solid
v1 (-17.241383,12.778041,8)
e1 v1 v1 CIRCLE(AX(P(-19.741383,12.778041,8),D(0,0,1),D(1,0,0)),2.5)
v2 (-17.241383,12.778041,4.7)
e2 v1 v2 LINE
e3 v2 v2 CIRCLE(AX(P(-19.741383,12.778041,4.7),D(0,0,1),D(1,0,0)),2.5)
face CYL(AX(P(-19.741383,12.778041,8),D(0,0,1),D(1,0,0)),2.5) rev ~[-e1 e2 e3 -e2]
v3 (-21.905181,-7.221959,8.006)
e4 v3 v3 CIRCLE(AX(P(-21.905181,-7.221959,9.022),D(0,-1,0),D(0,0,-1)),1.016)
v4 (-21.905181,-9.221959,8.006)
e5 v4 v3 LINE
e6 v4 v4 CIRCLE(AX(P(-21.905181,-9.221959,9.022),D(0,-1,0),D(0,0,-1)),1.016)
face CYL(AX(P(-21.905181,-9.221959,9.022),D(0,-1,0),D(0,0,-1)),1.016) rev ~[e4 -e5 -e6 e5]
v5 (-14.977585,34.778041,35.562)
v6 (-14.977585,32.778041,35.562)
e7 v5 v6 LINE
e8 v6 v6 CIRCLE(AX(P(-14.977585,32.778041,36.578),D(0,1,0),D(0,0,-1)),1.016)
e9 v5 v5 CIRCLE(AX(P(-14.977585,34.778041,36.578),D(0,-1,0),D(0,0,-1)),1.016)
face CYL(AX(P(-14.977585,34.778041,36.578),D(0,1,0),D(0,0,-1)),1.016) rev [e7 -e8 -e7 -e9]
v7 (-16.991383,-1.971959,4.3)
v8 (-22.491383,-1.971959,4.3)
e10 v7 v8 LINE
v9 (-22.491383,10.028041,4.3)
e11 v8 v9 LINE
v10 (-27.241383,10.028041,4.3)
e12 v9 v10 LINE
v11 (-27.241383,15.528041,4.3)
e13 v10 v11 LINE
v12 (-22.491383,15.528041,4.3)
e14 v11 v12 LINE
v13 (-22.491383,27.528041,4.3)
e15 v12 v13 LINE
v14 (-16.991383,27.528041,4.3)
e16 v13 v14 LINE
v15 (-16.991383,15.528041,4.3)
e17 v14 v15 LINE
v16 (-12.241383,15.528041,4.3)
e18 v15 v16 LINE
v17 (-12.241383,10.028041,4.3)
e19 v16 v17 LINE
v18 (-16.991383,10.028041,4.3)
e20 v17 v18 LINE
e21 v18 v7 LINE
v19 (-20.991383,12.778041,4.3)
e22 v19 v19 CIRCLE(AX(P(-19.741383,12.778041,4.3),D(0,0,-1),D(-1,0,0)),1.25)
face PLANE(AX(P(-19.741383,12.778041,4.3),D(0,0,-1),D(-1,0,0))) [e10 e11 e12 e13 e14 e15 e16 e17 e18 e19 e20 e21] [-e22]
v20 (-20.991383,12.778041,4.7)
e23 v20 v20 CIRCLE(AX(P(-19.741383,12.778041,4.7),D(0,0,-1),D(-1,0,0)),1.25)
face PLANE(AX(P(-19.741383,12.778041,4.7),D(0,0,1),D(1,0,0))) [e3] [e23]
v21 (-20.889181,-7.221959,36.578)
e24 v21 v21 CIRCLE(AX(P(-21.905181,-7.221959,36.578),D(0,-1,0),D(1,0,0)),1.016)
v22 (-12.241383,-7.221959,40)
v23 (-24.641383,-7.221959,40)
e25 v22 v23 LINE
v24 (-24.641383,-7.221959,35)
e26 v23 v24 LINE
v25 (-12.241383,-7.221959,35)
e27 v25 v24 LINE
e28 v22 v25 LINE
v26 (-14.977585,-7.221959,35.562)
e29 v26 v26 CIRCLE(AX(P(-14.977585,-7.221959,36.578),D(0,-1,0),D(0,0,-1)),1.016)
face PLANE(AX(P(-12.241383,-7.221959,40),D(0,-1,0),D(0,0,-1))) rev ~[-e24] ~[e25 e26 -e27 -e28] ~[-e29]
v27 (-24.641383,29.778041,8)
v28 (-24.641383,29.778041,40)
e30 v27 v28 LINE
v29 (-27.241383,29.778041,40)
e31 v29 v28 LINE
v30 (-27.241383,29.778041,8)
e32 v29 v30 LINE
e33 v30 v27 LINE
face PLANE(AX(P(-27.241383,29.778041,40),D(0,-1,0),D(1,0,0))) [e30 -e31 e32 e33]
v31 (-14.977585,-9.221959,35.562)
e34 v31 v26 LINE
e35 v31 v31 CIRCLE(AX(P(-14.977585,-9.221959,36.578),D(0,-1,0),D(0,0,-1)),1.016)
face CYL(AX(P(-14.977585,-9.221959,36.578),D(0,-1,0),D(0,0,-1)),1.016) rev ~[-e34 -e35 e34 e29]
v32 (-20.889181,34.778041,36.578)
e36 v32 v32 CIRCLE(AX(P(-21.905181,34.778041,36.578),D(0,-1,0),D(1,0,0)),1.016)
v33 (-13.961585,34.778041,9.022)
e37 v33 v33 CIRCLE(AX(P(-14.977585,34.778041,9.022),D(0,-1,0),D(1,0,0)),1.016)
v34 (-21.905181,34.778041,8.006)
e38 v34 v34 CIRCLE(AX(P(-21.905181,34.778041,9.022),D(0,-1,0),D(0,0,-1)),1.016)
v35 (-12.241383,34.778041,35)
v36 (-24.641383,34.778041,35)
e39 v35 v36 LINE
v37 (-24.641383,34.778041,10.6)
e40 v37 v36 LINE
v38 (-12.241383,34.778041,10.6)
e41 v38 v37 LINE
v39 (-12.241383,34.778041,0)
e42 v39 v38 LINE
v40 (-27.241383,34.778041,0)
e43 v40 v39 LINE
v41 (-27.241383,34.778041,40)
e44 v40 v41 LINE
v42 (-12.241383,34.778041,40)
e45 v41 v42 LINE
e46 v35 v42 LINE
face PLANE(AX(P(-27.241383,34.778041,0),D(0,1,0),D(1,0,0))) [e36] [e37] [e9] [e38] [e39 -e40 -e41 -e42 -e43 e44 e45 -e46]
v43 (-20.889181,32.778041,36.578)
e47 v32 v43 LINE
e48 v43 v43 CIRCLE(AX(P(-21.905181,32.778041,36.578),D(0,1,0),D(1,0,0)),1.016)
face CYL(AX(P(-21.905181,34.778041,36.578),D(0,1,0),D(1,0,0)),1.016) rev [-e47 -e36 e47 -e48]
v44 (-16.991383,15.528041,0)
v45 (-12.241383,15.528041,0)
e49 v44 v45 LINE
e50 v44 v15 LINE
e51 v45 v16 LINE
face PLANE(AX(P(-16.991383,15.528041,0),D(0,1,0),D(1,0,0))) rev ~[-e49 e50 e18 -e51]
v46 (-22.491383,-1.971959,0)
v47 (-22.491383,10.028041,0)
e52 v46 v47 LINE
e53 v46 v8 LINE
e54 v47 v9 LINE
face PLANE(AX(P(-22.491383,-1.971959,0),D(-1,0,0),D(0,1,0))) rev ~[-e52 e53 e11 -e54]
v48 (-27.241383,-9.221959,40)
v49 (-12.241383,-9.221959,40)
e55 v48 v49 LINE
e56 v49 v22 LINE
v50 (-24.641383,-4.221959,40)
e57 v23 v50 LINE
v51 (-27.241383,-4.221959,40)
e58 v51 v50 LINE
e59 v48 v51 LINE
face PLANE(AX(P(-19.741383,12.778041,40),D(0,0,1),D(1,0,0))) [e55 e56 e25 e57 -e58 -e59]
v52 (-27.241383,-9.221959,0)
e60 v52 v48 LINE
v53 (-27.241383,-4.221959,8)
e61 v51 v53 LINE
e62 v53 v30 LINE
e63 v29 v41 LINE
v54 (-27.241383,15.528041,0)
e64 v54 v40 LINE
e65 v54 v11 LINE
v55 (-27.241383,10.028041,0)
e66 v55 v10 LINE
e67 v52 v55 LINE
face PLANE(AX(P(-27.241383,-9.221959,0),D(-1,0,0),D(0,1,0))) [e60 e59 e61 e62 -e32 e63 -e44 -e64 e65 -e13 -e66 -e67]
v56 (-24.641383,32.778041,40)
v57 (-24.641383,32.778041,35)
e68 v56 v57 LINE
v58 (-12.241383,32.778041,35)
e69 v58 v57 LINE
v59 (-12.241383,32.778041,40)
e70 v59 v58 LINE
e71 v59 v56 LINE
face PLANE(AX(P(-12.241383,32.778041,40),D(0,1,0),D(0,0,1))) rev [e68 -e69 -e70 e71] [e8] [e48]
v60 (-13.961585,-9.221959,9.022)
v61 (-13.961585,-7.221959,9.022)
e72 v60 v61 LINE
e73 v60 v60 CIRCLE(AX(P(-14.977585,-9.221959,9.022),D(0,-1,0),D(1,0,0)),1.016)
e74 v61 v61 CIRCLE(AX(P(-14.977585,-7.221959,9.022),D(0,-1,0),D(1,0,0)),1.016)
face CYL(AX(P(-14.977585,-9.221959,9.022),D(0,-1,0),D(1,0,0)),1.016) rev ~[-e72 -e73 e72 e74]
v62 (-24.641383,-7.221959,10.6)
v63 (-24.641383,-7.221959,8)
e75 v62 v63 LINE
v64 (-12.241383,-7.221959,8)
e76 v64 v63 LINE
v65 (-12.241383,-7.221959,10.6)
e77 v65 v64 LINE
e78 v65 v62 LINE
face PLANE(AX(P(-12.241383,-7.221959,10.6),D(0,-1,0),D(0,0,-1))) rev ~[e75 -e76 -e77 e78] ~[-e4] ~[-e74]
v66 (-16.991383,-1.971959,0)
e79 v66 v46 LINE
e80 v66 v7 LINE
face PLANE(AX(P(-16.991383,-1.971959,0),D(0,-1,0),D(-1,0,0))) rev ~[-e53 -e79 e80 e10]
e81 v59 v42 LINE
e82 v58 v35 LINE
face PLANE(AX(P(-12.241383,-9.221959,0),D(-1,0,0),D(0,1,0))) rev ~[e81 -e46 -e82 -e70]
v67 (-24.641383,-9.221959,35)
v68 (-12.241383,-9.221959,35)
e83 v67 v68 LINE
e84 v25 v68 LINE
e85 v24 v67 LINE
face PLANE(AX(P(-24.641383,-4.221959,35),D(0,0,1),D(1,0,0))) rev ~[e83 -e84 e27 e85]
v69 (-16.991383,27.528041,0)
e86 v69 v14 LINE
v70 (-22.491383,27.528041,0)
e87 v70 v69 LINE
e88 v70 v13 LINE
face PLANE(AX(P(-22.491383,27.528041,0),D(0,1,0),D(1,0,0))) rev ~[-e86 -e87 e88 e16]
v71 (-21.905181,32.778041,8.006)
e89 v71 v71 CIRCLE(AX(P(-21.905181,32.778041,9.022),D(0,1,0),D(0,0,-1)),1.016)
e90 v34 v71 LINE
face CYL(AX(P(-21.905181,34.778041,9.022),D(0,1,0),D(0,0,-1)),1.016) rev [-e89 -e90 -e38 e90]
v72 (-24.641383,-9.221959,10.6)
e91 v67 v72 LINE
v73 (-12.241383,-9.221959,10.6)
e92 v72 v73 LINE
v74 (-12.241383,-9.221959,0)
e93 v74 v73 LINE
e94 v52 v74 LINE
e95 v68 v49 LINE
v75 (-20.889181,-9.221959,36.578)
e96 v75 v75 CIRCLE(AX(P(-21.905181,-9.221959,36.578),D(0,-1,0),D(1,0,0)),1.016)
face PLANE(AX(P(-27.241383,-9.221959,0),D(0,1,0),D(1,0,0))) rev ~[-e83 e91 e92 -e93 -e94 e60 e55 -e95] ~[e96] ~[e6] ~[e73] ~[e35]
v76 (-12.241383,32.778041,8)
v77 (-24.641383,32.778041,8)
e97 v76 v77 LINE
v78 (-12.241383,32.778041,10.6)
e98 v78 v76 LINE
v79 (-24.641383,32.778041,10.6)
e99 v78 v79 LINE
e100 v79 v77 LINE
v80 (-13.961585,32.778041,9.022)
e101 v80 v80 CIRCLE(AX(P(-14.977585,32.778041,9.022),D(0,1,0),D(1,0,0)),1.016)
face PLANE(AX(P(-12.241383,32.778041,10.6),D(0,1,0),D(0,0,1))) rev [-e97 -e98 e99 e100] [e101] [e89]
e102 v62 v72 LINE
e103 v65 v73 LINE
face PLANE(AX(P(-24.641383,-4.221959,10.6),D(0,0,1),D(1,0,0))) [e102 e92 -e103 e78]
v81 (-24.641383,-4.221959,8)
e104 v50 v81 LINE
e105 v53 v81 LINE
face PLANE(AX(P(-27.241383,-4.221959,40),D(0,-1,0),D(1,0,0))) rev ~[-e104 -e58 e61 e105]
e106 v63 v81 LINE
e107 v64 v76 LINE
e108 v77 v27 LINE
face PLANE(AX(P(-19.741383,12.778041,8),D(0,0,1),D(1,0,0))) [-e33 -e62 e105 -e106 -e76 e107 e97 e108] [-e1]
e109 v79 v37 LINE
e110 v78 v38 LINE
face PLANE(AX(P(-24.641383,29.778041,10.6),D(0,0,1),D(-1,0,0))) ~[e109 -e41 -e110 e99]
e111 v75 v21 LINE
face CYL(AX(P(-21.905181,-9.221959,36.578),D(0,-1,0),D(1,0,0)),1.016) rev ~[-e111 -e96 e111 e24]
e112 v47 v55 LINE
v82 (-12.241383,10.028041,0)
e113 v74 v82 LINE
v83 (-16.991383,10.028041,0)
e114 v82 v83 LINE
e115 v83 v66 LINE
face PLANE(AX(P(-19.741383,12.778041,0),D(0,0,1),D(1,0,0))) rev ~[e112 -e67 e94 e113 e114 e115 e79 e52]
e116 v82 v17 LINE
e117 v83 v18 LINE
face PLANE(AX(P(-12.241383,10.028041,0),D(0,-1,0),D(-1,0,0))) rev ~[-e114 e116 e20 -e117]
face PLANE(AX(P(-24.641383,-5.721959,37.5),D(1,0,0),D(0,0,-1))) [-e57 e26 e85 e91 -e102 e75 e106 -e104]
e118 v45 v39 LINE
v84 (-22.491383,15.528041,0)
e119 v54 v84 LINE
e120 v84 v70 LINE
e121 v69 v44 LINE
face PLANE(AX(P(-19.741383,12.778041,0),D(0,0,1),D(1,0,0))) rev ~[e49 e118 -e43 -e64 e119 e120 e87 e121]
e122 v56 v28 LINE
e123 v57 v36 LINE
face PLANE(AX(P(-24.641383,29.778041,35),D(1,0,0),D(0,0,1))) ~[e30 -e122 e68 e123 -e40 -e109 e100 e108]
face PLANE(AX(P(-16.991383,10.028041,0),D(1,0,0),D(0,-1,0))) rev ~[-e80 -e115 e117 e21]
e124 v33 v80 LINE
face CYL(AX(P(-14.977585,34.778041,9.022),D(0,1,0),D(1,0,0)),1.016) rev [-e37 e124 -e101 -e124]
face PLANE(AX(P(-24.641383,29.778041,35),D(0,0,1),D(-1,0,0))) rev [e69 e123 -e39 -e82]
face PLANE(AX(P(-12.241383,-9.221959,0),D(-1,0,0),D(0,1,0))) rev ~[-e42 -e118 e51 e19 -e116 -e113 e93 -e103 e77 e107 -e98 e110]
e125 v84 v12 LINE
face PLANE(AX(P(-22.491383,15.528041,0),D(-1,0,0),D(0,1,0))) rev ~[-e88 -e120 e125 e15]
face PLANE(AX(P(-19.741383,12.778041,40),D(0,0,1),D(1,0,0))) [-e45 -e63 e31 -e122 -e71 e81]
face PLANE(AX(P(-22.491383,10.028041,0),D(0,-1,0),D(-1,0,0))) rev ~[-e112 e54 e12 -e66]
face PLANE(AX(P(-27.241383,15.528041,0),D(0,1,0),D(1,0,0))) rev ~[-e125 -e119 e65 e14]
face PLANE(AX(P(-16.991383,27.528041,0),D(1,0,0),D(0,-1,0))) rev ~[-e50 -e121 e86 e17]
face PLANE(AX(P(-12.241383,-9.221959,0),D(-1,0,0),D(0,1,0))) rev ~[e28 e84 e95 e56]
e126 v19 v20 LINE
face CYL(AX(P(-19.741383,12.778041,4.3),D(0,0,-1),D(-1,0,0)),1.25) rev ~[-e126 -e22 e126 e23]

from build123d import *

# Parameters (mm, degrees)
SKETCH1_W          = 15
SKETCH1_H          = 44
EXTRUDE1_DEPTH     = 40
SKETCH2_W          = 15
SKETCH2_H          = 34
CUT_EXTRUDE1_DEPTH = 32
CUT_EXTRUDE2_DEPTH = 4.3
SKETCH4_R          = 1.25
CUT_EXTRUDE3_DEPTH = 4.3
SKETCH5_R          = 2.5
CUT_EXTRUDE4_DEPTH = 3.3
SKETCH6_W          = 12.4
SKETCH6_H          = 24.4
CUT_EXTRUDE5_DEPTH = 10
SKETCH7_W          = 5
SKETCH7_H          = 3
SKETCH7_W_2        = 2.6
CUT_EXTRUDE6_DEPTH = 12.4
SKETCH8_R          = 1.016
CUT_EXTRUDE7_DEPTH = 20


with BuildPart() as part:
    # Sketch1 → Extrude1 (new body)
    with BuildSketch(Plane.XY):
        with Locations((-19.74138299, 12.778040673)):
            Rectangle(SKETCH1_W, SKETCH1_H)
    extrude(amount=EXTRUDE1_DEPTH)

    # Sketch2 → Cut-Extrude1 (cut)
    with BuildSketch(Plane.XY.offset(40)):
        with Locations((-19.74138299, 12.778040673)):
            Rectangle(SKETCH2_W, SKETCH2_H)
    extrude(amount=-CUT_EXTRUDE1_DEPTH, mode=Mode.SUBTRACT)

    # Sketch3 → Cut-Extrude2 (cut)
    with BuildSketch(Plane(origin=(0, 0, 0), x_dir=(-1, 0, 0), z_dir=(0, 0, -1))):
        Polygon((22.49138299, 10.028040673), (27.24138299, 10.028040673), (27.24138299, 15.528040673), (22.49138299, 15.528040673), (22.49138299, 27.528040673), (16.99138299, 27.528040673), (16.99138299, 15.528040673), (12.24138299, 15.528040673), (12.24138299, 10.028040673), (16.99138299, 10.028040673), (16.99138299, -1.971959327), (22.49138299, -1.971959327), align=None)
    extrude(amount=-CUT_EXTRUDE2_DEPTH, mode=Mode.SUBTRACT)

    # Sketch4 → Cut-Extrude3 (cut)
    with BuildSketch(Plane(origin=(0, 0, 4.3), x_dir=(-1, 0, 0), z_dir=(0, 0, -1))):
        with Locations((19.74138299, 12.778040673)):
            Circle(SKETCH4_R)
    extrude(amount=-CUT_EXTRUDE3_DEPTH, mode=Mode.SUBTRACT)

    # Sketch5 → Cut-Extrude4 (cut)
    with BuildSketch(Plane.XY.offset(8)):
        with Locations((-19.74138299, 12.778040673)):
            Circle(SKETCH5_R)
    extrude(amount=-CUT_EXTRUDE4_DEPTH, mode=Mode.SUBTRACT)

    # Sketch6 → Cut-Extrude5 (cut)
    with BuildSketch(Plane(origin=(0, -4.221959327, 0), x_dir=(1, 0, 0), z_dir=(0, 1, 0))):
        with Locations((-18.44138299, -22.8)):
            Rectangle(SKETCH6_W, SKETCH6_H)
    cut_extrude5 = extrude(amount=-CUT_EXTRUDE5_DEPTH, mode=Mode.SUBTRACT)

    # Sketch7 → Cut-Extrude6 (cut)
    with BuildSketch(Plane(origin=(-12.24138299, 0, 0), x_dir=(0, 0, -1), z_dir=(1, 0, 0))):
        with Locations((-37.5, -5.721959327)):
            Rectangle(SKETCH7_W, SKETCH7_H)
        with Locations((-9.3, -5.721959327)):
            Rectangle(SKETCH7_W_2, SKETCH7_H)
    cut_extrude6 = extrude(amount=-CUT_EXTRUDE6_DEPTH, mode=Mode.SUBTRACT)

    # Sketch8 → Cut-Extrude7 (cut)
    with BuildSketch(Plane.XZ.offset(9.221959327)):
        with Locations((-21.90518052, 36.578)):
            Circle(SKETCH8_R)
        with Locations(Location((-14.977585459, 36.578, 0), (0, 0, 270))):
            Circle(SKETCH8_R)
        with Locations((-14.977585459, 9.022)):
            Circle(SKETCH8_R)
        with Locations(Location((-21.90518052, 9.022, 0), (0, 0, 270))):
            Circle(SKETCH8_R)
    cut_extrude7 = extrude(amount=-CUT_EXTRUDE7_DEPTH, mode=Mode.SUBTRACT)

    # Mirror1: Cut-Extrude5, Cut-Extrude6, Cut-Extrude7 across plane
    add(cut_extrude5.mirror(Plane(origin=(0, 12.778040673, 0), x_dir=(0, 0, 1), z_dir=(0, -1, 0))), mode=Mode.SUBTRACT)
    add(cut_extrude6.mirror(Plane(origin=(0, 12.778040673, 0), x_dir=(0, 0, 1), z_dir=(0, -1, 0))), mode=Mode.SUBTRACT)
    add(cut_extrude7.mirror(Plane(origin=(0, 12.778040673, 0), x_dir=(0, 0, 1), z_dir=(0, -1, 0))), mode=Mode.SUBTRACT)


solid = part.part
